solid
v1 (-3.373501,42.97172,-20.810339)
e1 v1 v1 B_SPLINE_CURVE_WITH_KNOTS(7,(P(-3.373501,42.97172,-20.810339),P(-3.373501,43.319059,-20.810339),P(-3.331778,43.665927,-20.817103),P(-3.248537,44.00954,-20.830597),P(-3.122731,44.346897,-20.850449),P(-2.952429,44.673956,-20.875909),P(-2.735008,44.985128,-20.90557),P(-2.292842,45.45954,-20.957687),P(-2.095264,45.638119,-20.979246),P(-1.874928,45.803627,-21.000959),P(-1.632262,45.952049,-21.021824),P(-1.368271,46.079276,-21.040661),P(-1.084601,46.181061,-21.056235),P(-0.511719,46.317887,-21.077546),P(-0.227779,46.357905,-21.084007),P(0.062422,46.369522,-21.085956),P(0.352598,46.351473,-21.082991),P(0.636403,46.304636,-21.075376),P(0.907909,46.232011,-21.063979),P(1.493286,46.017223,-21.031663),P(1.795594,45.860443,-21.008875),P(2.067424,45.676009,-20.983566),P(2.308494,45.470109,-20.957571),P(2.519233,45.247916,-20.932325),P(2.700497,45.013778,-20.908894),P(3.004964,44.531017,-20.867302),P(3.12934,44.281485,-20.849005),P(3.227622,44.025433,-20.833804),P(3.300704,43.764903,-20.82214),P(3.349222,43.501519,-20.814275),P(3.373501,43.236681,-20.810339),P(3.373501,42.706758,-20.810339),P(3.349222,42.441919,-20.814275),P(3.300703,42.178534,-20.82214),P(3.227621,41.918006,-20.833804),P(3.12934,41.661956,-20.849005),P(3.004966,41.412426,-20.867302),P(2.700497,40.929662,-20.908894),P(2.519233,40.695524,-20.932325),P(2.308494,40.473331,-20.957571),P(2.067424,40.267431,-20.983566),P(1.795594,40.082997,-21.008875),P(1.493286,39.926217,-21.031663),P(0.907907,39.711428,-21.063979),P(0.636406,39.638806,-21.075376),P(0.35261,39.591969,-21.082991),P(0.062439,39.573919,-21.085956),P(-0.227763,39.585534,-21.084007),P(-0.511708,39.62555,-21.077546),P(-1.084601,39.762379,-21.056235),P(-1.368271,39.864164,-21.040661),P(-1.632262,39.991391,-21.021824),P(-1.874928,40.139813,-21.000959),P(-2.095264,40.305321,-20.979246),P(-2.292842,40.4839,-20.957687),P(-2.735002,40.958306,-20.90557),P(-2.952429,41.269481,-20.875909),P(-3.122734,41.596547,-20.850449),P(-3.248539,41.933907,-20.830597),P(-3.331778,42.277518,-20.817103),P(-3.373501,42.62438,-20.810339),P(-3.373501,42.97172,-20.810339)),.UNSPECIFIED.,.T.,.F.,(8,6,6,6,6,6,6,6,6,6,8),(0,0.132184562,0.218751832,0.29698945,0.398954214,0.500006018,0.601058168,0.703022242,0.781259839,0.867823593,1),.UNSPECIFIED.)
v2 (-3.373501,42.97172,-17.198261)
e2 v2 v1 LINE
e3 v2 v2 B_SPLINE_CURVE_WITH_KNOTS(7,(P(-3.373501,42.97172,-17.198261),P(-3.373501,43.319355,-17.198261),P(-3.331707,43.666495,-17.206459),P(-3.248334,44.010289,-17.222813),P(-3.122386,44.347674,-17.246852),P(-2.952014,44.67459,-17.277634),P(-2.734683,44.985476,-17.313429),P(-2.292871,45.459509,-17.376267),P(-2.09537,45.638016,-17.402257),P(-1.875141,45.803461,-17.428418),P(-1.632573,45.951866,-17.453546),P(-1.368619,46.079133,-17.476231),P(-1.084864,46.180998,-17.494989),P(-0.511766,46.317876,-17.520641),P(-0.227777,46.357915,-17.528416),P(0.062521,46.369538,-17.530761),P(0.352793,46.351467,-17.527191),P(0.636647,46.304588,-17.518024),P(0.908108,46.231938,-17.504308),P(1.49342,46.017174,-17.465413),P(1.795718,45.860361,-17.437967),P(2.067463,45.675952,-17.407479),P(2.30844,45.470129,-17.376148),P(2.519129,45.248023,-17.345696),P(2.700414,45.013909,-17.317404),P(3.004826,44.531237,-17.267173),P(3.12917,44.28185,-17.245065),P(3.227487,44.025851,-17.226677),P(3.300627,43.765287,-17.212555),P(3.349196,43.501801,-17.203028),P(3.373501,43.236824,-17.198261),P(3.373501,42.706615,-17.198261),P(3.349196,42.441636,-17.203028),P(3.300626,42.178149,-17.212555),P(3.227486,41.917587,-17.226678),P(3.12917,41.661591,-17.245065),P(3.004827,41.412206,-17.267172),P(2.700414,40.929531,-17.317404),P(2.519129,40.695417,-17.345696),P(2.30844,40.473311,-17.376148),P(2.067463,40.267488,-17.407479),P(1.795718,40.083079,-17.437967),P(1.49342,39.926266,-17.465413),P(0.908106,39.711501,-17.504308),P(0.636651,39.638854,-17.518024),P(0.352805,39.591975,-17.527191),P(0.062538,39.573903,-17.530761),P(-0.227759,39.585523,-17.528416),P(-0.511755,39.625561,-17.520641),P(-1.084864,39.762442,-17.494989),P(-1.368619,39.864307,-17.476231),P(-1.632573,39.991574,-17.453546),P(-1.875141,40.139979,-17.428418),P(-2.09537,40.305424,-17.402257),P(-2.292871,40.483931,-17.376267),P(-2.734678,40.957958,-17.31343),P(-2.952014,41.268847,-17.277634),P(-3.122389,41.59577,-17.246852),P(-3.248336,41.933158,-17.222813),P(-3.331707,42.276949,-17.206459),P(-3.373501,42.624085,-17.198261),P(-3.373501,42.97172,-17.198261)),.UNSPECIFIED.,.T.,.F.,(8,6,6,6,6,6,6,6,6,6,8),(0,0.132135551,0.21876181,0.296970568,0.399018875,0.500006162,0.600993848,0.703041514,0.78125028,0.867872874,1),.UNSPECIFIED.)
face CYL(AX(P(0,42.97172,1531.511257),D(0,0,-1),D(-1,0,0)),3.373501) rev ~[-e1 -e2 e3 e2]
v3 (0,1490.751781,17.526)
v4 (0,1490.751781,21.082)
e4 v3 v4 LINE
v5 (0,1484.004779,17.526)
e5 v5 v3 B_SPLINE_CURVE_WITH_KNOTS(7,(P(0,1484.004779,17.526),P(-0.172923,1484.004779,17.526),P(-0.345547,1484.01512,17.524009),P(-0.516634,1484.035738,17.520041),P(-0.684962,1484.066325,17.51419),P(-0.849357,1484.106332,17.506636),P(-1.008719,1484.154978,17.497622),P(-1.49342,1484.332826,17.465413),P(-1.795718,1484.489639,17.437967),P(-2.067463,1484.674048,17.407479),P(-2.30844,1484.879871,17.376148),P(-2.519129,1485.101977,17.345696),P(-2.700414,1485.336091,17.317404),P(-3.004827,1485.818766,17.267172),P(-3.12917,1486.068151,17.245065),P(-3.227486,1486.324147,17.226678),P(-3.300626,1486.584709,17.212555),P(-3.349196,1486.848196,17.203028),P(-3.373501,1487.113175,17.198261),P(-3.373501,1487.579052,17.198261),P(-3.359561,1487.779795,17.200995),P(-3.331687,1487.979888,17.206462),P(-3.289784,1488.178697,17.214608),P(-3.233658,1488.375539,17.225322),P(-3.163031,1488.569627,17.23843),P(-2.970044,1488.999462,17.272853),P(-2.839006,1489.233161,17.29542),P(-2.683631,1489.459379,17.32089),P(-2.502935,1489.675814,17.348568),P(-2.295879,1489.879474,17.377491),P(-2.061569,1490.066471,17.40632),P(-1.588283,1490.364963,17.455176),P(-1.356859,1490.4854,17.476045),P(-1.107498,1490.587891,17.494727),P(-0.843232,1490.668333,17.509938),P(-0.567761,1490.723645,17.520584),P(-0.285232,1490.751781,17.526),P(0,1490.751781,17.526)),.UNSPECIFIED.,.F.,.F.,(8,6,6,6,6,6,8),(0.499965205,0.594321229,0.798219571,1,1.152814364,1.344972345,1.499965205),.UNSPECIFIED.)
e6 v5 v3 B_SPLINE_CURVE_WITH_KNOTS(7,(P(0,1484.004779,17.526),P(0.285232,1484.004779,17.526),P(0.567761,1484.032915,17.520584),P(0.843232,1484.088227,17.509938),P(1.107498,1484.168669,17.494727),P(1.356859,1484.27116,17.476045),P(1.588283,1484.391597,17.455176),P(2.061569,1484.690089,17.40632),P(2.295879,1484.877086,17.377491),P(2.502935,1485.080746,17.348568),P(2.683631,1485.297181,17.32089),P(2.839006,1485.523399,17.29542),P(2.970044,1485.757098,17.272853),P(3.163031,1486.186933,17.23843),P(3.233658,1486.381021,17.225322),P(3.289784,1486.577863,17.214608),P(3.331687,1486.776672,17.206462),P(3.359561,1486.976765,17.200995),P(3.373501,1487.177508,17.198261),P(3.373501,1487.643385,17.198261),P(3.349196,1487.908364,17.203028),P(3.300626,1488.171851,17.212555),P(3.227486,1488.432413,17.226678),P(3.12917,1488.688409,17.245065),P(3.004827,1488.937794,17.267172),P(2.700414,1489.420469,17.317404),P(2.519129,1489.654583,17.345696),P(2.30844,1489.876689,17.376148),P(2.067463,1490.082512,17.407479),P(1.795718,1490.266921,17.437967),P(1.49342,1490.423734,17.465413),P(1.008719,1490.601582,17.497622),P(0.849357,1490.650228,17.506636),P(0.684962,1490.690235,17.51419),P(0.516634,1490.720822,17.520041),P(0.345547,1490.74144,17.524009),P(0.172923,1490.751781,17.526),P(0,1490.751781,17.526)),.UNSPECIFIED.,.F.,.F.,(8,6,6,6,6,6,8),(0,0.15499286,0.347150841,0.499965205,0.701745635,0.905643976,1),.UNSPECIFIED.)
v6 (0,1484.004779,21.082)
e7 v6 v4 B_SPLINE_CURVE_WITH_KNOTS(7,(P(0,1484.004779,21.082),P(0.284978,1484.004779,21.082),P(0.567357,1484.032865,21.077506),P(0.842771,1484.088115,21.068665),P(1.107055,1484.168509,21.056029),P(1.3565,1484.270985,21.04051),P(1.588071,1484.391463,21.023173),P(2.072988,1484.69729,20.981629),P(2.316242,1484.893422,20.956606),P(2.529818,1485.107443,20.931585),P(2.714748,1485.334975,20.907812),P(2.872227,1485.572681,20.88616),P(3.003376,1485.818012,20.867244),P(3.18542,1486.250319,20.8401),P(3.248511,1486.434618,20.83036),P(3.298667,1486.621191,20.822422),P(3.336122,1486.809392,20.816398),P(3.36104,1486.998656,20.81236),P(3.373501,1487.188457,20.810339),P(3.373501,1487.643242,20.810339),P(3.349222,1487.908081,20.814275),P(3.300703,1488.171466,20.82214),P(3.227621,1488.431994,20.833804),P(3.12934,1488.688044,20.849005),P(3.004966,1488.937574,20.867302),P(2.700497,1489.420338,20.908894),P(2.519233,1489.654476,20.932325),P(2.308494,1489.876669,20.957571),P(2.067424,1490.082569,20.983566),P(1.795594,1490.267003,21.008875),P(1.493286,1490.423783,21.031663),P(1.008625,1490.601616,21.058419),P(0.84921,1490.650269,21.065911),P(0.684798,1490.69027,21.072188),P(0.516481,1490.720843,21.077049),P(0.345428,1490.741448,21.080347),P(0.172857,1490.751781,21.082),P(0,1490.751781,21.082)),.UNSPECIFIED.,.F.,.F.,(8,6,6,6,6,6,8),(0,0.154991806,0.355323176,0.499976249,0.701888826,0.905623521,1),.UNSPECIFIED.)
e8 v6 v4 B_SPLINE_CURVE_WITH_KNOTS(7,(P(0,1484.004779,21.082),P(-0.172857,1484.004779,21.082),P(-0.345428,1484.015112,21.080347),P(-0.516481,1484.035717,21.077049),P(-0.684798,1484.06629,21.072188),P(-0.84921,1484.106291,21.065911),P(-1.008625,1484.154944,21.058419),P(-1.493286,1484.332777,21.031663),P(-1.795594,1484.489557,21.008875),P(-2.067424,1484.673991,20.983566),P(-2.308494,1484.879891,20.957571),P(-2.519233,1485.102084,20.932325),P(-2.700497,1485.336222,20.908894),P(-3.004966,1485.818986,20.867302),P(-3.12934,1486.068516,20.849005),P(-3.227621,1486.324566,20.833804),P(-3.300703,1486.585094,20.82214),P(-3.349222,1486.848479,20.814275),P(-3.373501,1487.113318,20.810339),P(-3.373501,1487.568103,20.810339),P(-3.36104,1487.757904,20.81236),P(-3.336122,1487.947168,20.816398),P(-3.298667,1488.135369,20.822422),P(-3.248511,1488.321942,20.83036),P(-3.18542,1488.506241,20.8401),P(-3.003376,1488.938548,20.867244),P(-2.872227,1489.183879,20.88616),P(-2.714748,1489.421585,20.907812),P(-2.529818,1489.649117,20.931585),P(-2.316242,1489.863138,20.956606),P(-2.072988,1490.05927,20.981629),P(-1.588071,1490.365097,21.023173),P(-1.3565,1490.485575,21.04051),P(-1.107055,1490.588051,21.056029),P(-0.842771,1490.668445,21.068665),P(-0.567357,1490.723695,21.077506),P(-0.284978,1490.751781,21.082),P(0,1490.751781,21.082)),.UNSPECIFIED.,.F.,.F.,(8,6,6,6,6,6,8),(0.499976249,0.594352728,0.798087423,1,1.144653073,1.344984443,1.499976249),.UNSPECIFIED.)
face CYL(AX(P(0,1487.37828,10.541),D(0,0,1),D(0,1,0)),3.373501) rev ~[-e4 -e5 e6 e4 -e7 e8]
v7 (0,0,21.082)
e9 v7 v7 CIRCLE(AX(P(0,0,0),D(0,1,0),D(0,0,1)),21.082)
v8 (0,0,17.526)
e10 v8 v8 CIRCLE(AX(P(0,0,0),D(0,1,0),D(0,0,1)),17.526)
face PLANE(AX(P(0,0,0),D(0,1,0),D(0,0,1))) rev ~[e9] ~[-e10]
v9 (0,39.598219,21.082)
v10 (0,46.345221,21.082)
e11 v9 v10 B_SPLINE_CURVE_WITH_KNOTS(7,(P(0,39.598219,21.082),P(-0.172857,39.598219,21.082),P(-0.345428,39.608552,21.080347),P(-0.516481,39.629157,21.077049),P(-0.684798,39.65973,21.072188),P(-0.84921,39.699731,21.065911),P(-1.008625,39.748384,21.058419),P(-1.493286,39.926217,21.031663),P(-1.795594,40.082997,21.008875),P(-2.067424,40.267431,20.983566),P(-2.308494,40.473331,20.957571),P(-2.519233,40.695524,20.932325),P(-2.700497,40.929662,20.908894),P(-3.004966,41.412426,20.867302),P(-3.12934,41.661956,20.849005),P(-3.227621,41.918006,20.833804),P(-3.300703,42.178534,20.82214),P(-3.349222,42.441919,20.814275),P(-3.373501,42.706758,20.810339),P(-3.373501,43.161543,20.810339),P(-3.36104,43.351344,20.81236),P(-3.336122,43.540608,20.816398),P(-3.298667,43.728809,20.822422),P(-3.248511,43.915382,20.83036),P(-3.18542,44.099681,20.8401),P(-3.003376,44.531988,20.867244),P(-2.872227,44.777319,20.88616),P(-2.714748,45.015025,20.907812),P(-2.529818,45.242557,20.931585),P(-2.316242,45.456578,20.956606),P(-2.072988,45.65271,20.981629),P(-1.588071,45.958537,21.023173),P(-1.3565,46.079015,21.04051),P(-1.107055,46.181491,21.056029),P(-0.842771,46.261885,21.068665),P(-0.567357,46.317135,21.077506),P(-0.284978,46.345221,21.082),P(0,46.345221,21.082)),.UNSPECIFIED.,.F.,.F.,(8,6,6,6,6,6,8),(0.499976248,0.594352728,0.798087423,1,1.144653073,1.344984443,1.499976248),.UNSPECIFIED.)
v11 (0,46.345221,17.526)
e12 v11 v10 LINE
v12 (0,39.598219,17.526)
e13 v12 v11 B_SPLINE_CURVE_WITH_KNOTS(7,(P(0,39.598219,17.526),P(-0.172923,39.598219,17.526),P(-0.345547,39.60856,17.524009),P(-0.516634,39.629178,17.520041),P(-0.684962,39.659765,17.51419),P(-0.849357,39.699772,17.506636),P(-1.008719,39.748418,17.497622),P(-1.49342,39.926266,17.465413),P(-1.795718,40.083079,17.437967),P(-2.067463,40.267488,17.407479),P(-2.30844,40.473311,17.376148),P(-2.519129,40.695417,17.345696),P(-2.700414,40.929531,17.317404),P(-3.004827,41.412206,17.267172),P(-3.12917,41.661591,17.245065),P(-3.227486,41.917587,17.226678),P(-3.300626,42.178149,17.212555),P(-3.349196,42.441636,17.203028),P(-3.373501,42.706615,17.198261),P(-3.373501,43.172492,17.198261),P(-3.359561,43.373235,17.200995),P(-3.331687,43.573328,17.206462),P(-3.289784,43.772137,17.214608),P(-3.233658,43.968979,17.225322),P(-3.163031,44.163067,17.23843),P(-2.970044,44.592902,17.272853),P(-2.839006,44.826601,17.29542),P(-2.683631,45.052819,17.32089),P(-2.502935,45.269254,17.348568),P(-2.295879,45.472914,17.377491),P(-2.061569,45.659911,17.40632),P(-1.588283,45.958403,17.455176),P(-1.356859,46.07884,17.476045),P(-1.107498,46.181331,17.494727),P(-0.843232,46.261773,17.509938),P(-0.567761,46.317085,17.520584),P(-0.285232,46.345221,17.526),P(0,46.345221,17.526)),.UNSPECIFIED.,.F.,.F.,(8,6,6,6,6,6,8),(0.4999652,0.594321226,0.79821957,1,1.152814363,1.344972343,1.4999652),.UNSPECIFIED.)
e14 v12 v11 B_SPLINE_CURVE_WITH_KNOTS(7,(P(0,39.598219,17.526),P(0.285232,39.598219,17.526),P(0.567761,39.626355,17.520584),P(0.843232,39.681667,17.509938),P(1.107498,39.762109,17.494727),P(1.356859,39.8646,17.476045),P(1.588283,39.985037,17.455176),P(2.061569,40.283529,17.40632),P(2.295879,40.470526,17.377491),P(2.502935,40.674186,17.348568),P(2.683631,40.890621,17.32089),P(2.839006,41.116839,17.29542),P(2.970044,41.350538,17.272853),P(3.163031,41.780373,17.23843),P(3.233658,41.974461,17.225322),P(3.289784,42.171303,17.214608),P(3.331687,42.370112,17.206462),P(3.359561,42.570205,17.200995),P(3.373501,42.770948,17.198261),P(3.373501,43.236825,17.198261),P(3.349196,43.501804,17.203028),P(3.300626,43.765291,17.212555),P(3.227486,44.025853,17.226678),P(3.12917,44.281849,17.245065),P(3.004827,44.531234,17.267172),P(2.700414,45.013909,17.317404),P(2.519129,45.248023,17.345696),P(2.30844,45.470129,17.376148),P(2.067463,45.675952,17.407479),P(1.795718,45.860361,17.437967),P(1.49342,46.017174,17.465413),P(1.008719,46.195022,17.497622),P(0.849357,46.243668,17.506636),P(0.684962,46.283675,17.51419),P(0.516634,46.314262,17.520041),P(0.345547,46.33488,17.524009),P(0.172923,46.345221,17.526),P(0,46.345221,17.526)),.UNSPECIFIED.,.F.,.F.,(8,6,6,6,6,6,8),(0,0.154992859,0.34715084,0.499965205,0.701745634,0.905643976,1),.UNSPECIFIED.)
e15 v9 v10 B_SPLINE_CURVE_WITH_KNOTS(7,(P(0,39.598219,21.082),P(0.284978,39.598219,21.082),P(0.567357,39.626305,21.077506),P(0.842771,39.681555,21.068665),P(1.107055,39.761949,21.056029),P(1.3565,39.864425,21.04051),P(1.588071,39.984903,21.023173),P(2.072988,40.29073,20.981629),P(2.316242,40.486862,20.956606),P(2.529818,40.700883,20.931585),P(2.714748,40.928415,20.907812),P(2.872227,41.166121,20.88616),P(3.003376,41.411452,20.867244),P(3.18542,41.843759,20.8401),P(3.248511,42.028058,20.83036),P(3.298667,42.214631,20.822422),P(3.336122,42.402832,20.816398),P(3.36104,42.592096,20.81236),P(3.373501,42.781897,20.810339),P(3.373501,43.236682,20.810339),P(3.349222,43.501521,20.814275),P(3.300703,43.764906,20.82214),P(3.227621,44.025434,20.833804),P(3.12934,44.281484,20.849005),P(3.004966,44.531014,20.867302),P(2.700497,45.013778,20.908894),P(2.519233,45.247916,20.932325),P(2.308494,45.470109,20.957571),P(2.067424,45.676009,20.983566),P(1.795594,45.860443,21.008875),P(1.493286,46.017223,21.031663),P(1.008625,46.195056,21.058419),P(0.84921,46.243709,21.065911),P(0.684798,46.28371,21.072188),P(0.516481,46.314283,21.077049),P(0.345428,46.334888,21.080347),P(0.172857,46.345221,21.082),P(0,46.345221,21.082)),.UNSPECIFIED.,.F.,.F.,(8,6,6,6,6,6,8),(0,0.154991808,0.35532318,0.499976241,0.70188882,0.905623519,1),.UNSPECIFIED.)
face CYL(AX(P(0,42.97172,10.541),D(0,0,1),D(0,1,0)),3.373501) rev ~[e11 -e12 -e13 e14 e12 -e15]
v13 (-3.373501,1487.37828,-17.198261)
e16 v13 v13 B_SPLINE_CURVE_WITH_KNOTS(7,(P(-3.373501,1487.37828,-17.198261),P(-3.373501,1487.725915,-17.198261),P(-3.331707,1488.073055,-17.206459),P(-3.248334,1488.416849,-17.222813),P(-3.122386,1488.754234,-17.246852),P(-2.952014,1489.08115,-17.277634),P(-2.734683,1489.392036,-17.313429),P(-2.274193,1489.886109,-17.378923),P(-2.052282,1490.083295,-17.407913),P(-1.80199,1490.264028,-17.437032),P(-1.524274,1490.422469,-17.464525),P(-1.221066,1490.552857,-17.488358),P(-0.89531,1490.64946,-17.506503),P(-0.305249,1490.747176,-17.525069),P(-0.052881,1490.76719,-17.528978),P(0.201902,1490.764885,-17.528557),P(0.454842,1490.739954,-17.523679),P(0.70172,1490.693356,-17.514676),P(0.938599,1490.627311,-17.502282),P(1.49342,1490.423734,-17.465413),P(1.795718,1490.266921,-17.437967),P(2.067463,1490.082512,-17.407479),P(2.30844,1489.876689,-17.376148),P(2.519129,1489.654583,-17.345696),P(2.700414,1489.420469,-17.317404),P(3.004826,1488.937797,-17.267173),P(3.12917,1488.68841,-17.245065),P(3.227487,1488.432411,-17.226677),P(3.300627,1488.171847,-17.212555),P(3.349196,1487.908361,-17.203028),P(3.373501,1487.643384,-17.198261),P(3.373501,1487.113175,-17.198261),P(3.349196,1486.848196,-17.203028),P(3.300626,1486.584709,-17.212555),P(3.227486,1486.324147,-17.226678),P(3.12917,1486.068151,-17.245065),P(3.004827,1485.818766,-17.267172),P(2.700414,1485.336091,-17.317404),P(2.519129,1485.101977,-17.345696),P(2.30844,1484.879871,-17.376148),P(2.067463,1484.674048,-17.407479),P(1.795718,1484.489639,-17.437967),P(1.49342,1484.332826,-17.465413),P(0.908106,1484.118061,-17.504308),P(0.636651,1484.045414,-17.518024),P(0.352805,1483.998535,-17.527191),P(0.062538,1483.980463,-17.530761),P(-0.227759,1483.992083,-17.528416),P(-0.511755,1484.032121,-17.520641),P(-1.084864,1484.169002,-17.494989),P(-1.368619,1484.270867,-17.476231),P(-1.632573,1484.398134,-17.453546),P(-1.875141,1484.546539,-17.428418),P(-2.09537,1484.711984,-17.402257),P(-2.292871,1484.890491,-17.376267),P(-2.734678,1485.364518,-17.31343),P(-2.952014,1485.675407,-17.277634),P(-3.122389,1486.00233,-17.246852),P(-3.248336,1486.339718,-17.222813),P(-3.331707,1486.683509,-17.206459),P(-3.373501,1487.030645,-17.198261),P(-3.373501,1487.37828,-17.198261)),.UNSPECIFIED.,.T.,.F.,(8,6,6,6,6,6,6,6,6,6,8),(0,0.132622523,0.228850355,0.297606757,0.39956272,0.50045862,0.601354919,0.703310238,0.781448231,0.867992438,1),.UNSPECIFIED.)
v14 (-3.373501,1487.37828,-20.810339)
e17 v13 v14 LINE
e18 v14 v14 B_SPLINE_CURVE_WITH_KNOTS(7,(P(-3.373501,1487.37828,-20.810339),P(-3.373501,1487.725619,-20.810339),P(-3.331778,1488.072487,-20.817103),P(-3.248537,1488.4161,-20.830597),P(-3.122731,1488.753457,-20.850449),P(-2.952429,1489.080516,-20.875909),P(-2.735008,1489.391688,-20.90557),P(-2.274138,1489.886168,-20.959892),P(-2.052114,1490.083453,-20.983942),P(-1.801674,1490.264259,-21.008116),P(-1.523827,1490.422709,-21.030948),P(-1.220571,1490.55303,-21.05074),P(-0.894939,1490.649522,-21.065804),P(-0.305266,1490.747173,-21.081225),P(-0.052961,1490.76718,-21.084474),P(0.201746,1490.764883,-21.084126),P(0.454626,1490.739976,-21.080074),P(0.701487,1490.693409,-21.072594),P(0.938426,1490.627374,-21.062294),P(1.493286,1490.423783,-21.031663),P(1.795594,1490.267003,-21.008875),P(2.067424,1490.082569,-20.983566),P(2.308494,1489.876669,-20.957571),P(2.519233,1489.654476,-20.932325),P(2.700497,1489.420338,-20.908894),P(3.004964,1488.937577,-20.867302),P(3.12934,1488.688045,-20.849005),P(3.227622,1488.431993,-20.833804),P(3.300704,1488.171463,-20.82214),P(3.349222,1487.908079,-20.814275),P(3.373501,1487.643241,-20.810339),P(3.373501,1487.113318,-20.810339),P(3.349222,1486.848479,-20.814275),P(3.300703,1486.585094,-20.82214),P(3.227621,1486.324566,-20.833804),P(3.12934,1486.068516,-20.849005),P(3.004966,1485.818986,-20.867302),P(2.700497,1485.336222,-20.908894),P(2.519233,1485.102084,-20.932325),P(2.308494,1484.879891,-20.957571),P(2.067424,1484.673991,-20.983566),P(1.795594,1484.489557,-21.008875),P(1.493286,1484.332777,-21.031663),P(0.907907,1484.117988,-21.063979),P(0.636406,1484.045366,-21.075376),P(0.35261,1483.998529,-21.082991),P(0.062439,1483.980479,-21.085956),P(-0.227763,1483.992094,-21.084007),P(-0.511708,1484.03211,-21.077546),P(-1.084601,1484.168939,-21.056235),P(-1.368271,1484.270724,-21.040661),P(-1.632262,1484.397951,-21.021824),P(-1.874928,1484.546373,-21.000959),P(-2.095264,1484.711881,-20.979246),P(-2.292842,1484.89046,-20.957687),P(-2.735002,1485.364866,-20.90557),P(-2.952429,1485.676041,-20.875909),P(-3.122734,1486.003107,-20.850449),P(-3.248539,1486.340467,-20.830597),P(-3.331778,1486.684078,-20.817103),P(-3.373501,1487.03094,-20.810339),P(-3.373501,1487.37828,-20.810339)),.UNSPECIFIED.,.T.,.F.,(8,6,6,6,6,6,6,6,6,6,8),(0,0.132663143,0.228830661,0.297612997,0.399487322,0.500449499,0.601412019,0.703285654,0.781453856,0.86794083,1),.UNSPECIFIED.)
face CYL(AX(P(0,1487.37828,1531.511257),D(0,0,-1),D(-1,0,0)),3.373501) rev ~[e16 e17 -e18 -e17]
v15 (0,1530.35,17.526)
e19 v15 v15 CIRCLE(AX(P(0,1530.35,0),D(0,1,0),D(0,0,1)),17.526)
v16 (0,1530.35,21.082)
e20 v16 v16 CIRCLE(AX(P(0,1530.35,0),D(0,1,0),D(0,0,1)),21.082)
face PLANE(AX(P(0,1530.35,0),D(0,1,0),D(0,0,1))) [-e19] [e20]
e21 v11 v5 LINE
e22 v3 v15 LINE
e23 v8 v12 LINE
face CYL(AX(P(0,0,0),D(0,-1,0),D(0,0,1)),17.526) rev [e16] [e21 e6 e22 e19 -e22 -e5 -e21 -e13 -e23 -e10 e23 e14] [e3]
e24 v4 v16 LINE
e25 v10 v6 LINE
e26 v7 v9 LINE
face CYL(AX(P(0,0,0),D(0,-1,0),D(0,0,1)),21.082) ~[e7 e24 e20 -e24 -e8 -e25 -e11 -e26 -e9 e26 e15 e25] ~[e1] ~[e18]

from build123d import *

# Parameters (mm, degrees)
SKETCH1_R                                 = 21.082
SKETCH1_R_2                               = 17.526
BOSS_EXTRUDE1_DEPTH                       = 1530.35
SKETCH4_W                                 = 3.373501
SKETCH4_H                                 = 21.082
F_17_64_0_26563_DIAMETER_HOLE1_AT_2_COUNT = 2
F_17_64_0_26563_DIAMETER_HOLE1_AT_2_PITCH = 1444.40656
F_17_64_0_26563_DIAMETER_HOLE2_D          = 6.747002


with BuildPart() as part:
    # Sketch1 → Boss-Extrude1 (new body)
    with BuildSketch(Plane(origin=(0, 0, 0), x_dir=(1, 0, 0), z_dir=(0, 1, 0))):
        with Locations(Location((0, 0, 0), (0, 0, 270))):
            Circle(SKETCH1_R)
        with Locations(Location((0, 0, 0), (0, 0, 270))):
            Circle(SKETCH1_R_2, mode=Mode.SUBTRACT)
    extrude(amount=BOSS_EXTRUDE1_DEPTH)

    # Sketch4 → 17/64 (0.26563) Diameter Hole1 (revolve, cut)
    with BuildSketch(Plane(origin=(0, 42.97172, 0), x_dir=(0, 1, 0), z_dir=(1, 0, 0))):
        with Locations((1.6867505, 10.541)):
            Rectangle(SKETCH4_W, SKETCH4_H)
    f_17_64_0_26563_diameter_hole1 = revolve(axis=Axis((0, 42.97172, -6.35), (0, 0, 1)), mode=Mode.SUBTRACT)

    # 17/64 (0.26563) Diameter Hole1 at 2: 17/64 (0.26563) Diameter Hole1 ×2
    with Locations(*[(0, i * F_17_64_0_26563_DIAMETER_HOLE1_AT_2_PITCH, 0) for i in range(1, F_17_64_0_26563_DIAMETER_HOLE1_AT_2_COUNT)]):
        add(f_17_64_0_26563_diameter_hole1, mode=Mode.SUBTRACT)

    # 17/64 (0.26563) Diameter Hole2 (through all)
    with Locations(Plane.XY):
        with Locations((0, 1487.37828), (0, 42.97172)):
            Hole(F_17_64_0_26563_DIAMETER_HOLE2_D / 2)


solid = part.part
